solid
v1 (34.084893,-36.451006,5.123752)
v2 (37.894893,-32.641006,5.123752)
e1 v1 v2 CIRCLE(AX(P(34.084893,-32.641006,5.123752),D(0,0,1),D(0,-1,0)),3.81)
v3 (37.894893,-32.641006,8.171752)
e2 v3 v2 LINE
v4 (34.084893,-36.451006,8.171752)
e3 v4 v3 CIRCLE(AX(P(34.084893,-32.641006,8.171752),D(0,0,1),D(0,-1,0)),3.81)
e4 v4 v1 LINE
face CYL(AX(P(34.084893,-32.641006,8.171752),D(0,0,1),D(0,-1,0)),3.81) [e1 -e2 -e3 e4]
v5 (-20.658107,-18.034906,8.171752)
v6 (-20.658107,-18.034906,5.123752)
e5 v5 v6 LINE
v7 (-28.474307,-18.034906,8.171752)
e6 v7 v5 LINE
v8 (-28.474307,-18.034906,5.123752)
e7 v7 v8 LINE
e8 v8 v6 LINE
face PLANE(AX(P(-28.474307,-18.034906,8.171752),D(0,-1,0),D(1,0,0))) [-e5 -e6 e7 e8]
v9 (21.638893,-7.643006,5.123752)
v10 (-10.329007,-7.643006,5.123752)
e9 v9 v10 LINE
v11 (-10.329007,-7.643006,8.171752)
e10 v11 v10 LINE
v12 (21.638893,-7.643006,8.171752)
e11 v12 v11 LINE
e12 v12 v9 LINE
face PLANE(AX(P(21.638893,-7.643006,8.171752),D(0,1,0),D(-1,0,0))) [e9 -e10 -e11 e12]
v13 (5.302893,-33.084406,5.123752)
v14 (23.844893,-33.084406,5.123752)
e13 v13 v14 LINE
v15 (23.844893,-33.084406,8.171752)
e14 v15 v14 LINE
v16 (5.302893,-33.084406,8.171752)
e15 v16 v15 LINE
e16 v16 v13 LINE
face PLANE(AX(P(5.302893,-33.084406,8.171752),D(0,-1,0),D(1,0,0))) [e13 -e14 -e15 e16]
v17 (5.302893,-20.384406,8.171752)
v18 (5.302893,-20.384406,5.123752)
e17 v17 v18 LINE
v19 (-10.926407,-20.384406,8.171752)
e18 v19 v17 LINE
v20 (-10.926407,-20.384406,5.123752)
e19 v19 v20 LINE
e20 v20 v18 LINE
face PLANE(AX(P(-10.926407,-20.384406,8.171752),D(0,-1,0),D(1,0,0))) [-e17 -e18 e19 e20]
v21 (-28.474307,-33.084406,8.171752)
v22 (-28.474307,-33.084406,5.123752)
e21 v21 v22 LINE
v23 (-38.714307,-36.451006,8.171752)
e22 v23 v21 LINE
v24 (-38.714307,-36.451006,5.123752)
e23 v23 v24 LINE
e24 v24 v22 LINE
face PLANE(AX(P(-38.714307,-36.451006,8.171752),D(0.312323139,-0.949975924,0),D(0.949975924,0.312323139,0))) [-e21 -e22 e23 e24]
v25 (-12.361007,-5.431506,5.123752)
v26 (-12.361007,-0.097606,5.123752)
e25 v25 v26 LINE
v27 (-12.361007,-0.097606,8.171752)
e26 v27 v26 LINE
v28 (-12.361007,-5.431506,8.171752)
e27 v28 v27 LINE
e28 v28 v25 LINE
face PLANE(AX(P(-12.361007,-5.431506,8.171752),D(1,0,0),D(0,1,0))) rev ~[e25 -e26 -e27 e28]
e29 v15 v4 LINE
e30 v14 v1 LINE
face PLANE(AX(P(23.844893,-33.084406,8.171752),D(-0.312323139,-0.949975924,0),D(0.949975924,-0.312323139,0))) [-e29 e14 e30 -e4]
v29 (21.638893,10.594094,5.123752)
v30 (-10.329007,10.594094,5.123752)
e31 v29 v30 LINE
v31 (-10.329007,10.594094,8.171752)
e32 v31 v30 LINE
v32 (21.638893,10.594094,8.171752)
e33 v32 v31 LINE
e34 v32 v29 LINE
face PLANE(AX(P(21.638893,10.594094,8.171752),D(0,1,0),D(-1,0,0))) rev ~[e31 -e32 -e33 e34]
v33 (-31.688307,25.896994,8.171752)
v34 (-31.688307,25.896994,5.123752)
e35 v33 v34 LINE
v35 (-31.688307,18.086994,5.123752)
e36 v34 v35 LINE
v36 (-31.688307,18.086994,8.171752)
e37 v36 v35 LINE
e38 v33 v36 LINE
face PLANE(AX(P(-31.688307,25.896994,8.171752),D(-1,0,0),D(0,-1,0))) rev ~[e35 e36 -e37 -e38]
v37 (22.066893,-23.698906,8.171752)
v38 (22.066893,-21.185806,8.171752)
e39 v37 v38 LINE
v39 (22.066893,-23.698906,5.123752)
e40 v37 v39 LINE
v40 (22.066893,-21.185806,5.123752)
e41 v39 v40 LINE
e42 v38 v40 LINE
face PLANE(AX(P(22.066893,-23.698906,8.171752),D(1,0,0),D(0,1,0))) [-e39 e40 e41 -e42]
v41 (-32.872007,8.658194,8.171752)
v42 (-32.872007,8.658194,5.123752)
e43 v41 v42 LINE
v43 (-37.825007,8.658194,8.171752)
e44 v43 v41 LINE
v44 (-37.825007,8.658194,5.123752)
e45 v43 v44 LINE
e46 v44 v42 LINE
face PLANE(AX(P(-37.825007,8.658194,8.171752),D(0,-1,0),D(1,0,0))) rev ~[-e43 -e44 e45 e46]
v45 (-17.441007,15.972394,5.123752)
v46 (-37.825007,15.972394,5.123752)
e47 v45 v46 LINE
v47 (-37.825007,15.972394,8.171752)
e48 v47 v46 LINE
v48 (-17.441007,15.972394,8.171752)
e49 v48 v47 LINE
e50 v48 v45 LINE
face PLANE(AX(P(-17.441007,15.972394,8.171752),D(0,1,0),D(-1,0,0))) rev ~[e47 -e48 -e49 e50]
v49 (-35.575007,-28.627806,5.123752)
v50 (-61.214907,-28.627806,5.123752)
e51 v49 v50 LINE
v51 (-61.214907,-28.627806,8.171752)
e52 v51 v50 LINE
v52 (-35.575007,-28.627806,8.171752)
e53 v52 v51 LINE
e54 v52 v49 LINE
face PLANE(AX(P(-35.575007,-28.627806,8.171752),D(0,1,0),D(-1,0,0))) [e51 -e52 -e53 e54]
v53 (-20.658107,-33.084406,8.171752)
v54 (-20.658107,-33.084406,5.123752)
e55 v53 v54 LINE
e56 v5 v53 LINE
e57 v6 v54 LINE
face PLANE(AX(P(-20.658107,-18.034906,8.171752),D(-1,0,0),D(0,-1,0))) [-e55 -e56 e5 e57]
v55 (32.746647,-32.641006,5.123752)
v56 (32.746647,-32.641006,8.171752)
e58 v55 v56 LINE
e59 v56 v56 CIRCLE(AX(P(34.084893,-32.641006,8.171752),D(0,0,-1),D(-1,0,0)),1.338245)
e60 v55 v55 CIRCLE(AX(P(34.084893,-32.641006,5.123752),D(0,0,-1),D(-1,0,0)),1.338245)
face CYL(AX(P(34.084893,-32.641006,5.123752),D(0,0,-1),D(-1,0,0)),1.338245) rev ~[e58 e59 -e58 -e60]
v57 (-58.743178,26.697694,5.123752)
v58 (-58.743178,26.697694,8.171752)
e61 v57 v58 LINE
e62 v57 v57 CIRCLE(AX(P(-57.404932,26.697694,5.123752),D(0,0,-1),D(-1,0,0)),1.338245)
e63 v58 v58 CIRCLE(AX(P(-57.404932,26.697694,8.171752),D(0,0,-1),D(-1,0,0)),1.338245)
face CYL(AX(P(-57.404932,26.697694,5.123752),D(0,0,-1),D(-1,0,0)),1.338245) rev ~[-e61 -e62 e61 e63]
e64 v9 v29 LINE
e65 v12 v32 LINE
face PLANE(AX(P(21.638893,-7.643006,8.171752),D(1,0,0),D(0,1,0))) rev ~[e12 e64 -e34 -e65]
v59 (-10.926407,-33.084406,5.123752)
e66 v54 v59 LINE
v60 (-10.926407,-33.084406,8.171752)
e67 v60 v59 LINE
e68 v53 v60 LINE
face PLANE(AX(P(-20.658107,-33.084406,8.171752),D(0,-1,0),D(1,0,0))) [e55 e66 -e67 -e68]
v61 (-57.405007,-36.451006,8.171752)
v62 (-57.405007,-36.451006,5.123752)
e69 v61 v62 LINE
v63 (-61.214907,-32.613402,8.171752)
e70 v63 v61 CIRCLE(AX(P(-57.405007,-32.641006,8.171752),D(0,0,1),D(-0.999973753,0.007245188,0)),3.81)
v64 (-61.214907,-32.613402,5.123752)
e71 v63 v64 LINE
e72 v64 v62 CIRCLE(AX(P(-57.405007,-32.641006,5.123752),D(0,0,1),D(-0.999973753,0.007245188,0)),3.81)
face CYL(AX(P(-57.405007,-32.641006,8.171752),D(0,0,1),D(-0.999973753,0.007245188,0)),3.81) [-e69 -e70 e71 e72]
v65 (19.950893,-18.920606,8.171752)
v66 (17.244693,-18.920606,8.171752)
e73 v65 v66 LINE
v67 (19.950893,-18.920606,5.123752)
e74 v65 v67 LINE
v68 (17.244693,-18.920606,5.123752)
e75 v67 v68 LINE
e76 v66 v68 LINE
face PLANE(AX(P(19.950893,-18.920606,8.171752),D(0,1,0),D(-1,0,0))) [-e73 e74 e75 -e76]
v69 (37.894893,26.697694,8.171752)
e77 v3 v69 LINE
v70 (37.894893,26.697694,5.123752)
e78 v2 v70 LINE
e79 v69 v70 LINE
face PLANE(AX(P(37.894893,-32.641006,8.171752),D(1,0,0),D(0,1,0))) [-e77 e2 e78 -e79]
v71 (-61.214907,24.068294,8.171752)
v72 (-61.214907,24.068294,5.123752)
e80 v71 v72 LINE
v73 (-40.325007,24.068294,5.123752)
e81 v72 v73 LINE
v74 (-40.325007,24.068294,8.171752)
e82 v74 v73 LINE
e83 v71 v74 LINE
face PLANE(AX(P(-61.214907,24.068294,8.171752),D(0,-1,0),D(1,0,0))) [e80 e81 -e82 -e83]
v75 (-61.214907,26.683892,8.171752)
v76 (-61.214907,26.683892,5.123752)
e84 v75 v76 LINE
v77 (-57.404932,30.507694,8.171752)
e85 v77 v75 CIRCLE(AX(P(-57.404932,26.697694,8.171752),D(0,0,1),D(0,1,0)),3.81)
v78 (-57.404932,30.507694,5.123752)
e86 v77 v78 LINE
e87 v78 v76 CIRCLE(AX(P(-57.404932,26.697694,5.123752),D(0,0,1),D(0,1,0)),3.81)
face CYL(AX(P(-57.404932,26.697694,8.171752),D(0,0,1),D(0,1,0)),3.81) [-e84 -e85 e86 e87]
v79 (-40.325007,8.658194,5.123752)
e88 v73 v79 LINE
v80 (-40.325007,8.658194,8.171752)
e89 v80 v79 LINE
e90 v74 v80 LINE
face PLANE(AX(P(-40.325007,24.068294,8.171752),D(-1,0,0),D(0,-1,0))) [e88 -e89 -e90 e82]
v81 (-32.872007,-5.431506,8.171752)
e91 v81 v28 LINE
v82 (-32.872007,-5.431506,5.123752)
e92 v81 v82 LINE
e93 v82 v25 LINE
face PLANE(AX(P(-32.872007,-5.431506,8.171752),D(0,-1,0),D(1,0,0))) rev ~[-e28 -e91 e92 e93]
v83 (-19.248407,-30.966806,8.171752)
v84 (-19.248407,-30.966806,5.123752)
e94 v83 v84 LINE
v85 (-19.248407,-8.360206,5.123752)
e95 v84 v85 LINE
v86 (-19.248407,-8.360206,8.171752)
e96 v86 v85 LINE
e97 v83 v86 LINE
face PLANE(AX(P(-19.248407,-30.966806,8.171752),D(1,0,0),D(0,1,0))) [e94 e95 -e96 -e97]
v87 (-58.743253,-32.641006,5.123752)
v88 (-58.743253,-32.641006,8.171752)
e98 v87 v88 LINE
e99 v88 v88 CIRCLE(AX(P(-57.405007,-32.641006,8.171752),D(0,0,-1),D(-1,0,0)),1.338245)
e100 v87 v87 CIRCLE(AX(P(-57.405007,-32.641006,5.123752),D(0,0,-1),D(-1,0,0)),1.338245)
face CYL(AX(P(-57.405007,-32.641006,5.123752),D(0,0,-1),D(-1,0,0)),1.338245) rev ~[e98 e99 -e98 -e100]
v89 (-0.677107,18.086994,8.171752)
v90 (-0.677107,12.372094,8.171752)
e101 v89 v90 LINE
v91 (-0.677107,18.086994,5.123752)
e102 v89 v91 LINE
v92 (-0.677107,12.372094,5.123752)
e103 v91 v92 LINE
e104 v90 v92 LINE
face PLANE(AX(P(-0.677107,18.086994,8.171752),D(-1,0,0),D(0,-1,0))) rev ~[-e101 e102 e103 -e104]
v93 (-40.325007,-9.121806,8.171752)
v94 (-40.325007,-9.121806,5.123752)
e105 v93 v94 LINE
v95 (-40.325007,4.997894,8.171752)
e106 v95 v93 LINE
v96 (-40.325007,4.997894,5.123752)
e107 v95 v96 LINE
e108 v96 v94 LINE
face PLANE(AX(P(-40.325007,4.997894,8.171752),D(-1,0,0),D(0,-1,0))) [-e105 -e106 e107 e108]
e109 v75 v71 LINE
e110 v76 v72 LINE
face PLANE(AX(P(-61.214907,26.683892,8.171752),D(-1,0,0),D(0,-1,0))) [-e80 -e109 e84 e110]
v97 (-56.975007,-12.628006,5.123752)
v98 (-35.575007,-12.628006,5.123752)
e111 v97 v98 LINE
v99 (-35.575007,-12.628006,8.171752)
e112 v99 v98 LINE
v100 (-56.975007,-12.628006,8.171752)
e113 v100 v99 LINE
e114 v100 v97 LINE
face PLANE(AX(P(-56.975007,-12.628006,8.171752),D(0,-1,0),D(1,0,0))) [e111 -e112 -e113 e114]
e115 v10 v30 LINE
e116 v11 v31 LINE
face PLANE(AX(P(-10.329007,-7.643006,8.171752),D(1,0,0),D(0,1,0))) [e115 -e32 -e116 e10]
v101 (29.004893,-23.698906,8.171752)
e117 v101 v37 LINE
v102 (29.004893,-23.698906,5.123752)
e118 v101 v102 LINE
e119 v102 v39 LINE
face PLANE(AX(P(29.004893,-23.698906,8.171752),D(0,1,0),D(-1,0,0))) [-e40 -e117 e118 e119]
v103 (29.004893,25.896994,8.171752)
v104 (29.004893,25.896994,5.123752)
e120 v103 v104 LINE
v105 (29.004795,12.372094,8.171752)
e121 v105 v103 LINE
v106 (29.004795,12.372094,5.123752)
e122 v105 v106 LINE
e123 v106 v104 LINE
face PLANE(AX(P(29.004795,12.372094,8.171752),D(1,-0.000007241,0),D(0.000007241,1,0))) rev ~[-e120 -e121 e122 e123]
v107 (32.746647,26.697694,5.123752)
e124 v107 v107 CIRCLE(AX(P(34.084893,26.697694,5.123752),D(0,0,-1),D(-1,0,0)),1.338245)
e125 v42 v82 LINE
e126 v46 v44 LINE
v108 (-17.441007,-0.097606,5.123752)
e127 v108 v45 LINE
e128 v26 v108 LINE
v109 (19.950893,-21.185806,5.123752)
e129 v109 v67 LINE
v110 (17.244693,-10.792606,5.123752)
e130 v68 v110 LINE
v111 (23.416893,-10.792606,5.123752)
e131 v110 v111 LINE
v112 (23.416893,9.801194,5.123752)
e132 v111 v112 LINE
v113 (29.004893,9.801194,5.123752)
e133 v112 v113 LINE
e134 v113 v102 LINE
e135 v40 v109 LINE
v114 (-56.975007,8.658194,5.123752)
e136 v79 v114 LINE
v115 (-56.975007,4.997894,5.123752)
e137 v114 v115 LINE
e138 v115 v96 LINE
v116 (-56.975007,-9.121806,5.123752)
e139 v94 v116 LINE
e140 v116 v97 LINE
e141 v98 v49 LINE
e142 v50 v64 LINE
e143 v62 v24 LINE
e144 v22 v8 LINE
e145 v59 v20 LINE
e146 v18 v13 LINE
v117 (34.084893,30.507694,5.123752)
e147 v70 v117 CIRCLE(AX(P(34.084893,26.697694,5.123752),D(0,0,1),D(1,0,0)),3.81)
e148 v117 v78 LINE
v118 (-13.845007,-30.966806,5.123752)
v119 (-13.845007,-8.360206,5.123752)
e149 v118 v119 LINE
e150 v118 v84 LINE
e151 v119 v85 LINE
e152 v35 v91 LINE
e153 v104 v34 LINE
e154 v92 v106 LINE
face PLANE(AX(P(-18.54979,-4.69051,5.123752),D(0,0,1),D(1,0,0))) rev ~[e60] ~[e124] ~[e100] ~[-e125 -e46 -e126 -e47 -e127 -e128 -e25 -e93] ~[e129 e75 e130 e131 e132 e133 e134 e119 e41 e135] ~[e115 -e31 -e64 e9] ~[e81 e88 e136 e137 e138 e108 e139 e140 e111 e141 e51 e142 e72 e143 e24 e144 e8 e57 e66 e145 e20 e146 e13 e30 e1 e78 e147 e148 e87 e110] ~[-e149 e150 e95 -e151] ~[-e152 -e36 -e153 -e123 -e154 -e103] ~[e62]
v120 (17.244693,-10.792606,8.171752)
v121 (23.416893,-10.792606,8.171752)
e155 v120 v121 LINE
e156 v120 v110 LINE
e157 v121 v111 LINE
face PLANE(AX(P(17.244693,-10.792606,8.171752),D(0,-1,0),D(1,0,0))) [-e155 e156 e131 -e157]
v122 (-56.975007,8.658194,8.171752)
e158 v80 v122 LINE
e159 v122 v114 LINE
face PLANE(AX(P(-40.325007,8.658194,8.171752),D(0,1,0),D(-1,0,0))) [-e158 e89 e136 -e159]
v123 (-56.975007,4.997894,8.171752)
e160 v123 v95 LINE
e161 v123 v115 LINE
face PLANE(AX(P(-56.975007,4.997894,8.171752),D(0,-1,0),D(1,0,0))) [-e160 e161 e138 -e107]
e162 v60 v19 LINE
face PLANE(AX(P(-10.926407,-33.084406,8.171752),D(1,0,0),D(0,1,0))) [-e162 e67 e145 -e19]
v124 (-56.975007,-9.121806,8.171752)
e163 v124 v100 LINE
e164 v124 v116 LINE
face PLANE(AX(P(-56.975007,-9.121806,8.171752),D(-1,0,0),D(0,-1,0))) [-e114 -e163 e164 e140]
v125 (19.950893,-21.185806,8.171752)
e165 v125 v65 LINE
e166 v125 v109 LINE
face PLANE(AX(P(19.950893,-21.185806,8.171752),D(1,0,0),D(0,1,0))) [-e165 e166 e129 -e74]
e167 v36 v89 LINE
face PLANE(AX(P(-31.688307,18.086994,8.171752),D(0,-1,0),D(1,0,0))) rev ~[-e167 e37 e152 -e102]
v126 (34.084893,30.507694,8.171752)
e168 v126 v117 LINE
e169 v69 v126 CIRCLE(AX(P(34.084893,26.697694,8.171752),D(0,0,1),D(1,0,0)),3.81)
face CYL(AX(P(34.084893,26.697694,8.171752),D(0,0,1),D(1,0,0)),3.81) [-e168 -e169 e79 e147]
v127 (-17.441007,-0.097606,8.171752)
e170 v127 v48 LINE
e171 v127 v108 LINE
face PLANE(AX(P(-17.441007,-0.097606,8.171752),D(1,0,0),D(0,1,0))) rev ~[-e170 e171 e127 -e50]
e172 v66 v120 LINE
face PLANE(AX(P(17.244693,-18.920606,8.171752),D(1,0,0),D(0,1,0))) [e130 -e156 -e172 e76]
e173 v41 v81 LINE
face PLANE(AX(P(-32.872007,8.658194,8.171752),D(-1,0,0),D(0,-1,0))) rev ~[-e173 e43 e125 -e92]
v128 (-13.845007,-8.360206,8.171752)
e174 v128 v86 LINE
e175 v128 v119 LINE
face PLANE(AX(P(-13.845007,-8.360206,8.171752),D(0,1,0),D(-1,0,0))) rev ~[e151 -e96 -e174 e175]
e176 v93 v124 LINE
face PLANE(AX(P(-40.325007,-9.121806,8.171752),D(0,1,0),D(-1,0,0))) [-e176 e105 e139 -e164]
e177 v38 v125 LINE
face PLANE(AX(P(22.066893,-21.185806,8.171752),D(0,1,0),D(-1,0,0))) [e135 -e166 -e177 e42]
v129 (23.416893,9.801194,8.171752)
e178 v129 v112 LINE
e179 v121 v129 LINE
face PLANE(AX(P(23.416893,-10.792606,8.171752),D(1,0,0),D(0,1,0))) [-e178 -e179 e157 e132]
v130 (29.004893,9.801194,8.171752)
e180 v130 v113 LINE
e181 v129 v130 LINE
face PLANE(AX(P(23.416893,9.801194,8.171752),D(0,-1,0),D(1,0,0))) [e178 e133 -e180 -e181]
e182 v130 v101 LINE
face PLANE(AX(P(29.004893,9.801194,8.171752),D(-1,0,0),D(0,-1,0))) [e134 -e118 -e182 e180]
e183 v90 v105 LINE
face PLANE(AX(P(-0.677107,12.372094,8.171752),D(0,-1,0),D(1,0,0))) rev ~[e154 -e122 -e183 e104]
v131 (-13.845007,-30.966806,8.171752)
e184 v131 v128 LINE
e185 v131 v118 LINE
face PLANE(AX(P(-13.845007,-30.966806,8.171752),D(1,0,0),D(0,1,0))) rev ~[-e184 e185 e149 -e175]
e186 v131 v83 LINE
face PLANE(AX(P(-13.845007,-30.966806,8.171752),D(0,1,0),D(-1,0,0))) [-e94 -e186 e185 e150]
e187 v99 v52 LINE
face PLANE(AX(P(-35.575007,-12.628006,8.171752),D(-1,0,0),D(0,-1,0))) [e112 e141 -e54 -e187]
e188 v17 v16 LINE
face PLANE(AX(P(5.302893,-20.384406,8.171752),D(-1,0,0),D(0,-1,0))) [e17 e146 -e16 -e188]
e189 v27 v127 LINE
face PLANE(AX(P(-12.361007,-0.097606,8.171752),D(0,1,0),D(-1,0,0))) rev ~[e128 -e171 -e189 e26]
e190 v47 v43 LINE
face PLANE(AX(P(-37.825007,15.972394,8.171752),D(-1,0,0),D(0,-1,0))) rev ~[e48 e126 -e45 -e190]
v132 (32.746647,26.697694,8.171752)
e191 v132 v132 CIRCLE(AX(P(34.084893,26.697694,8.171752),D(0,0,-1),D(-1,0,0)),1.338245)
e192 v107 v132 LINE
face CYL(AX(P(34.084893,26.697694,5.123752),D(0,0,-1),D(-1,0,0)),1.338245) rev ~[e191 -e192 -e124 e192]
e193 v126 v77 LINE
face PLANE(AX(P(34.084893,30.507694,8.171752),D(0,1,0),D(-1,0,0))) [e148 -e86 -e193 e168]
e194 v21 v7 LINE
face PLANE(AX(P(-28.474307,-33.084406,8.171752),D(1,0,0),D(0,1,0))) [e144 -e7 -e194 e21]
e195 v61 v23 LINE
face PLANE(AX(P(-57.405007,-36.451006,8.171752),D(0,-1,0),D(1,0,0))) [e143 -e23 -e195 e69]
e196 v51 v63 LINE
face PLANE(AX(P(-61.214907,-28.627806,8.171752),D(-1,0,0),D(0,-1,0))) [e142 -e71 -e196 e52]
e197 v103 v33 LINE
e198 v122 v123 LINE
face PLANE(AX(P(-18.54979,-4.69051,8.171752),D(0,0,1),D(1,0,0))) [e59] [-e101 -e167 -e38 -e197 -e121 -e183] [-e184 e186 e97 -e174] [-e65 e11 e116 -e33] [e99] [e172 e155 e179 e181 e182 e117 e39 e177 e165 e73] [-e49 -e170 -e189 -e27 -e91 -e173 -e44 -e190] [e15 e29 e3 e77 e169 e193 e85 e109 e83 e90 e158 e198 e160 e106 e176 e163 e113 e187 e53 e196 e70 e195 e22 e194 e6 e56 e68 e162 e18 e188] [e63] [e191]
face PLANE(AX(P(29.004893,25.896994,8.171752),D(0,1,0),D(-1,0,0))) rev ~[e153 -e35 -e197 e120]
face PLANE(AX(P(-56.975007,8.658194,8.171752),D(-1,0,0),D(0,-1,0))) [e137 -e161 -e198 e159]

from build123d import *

# Parameters (mm, degrees)
SKETCH2_W           = 5.4034
SKETCH2_H           = 22.6066
SKETCH2_W_2         = 31.9679
SKETCH2_H_2         = 18.2371
BOSS_EXTRUDE1_DEPTH = 3.048
SKETCH3_R           = 1.338245378
CUT_EXTRUDE1_DEPTH  = 72.310891511


with BuildPart() as part:
    # Sketch2 → Boss-Extrude1 (new body)
    with BuildSketch(Plane(origin=(0, 0, 8.171752382), x_dir=(-1, 0, 0), z_dir=(0, 0, -1))):
        with BuildLine():
            Line((-23.844892625, -33.084405696), (-34.084892625, -36.451005696))
            ThreePointArc((-34.084892625, -36.451005696), (-36.778969461, -35.335082532), (-37.894892625, -32.641005696))
            Line((-37.894892625, -32.641005696), (-37.894892625, 26.697694304))
            ThreePointArc((-37.894892625, 26.697694304), (-36.778969461, 29.391771141), (-34.084892625, 30.507694304))
            Line((-34.084892625, 30.507694304), (57.404932375, 30.507694304))
            ThreePointArc((57.404932375, 30.507694304), (60.103884597, 29.386886916), (61.214907375, 26.683892153))
            Line((61.214907375, 26.683892153), (61.214907375, 24.068294304))
            Line((61.214907375, 24.068294304), (40.325007375, 24.068294304))
            Line((40.325007375, 24.068294304), (40.325007375, 8.658194304))
            Line((40.325007375, 8.658194304), (56.975007375, 8.658194304))
            Line((56.975007375, 8.658194304), (56.975007375, 4.997894304))
            Line((56.975007375, 4.997894304), (40.325007375, 4.997894304))
            Line((40.325007375, 4.997894304), (40.325007375, -9.121805696))
            Line((40.325007375, -9.121805696), (56.975007375, -9.121805696))
            Line((56.975007375, -9.121805696), (56.975007375, -12.628005696))
            Line((56.975007375, -12.628005696), (35.575007375, -12.628005696))
            Line((35.575007375, -12.628005696), (35.575007375, -28.627805696))
            Line((35.575007375, -28.627805696), (61.214907375, -28.627805696))
            Line((61.214907375, -28.627805696), (61.214907375, -32.613401529))
            ThreePointArc((61.214907375, -32.613401529), (60.108826144, -35.325305244), (57.405007375, -36.451005696))
            Line((57.405007375, -36.451005696), (38.714307375, -36.451005696))
            Line((38.714307375, -36.451005696), (28.474307375, -33.084405696))
            Line((28.474307375, -33.084405696), (28.474307375, -18.034905696))
            Line((28.474307375, -18.034905696), (20.658107375, -18.034905696))
            Line((20.658107375, -18.034905696), (20.658107375, -33.084405696))
            Line((20.658107375, -33.084405696), (10.926407375, -33.084405696))
            Line((10.926407375, -33.084405696), (10.926407375, -20.384405696))
            Line((10.926407375, -20.384405696), (-5.302892625, -20.384405696))
            Line((-5.302892625, -20.384405696), (-5.302892625, -33.084405696))
            Line((-5.302892625, -33.084405696), (-23.844892625, -33.084405696))
        make_face()
        with Locations((16.546707375, -19.663505696)):
            Rectangle(SKETCH2_W, SKETCH2_H, mode=Mode.SUBTRACT)
        Polygon((-29.004892625, -23.698905696), (-22.066892625, -23.698905696), (-22.066892625, -21.185805696), (-19.950892625, -21.185805696), (-19.950892625, -18.920605696), (-17.244692625, -18.920605696), (-17.244692625, -10.792605696), (-23.416892625, -10.792605696), (-23.416892625, 9.801194304), (-29.004892625, 9.801194304), align=None, mode=Mode.SUBTRACT)
        with Locations((-5.654942625, 1.475544304)):
            Rectangle(SKETCH2_W_2, SKETCH2_H_2, mode=Mode.SUBTRACT)
        Polygon((12.361007375, -0.097605696), (17.441007375, -0.097605696), (17.441007375, 15.972394304), (37.825007375, 15.972394304), (37.825007375, 8.658194304), (32.872007375, 8.658194304), (32.872007375, -5.431505696), (12.361007375, -5.431505696), align=None, mode=Mode.SUBTRACT)
        Polygon((0.677107375, 12.372094304), (-29.004794688, 12.372094304), (-29.004892625, 25.896994304), (31.688307375, 25.896994304), (31.688307375, 18.086994304), (0.677107375, 18.086994304), align=None, mode=Mode.SUBTRACT)
    extrude(amount=BOSS_EXTRUDE1_DEPTH)

    # Sketch3 → Cut-Extrude1 (cut, through all)
    with BuildSketch(Plane(origin=(0, 0, 5.123752382), x_dir=(-1, 0, 0), z_dir=(0, 0, -1))):
        with Locations((57.405007375, -32.641005696)):
            Circle(SKETCH3_R)
        with Locations((-34.084892625, -32.641005696)):
            Circle(SKETCH3_R)
        with Locations((-34.084892625, 26.697694304)):
            Circle(SKETCH3_R)
        with Locations((57.404932375, 26.697694304)):
            Circle(SKETCH3_R)
    extrude(amount=-CUT_EXTRUDE1_DEPTH, mode=Mode.SUBTRACT)


solid = part.part
